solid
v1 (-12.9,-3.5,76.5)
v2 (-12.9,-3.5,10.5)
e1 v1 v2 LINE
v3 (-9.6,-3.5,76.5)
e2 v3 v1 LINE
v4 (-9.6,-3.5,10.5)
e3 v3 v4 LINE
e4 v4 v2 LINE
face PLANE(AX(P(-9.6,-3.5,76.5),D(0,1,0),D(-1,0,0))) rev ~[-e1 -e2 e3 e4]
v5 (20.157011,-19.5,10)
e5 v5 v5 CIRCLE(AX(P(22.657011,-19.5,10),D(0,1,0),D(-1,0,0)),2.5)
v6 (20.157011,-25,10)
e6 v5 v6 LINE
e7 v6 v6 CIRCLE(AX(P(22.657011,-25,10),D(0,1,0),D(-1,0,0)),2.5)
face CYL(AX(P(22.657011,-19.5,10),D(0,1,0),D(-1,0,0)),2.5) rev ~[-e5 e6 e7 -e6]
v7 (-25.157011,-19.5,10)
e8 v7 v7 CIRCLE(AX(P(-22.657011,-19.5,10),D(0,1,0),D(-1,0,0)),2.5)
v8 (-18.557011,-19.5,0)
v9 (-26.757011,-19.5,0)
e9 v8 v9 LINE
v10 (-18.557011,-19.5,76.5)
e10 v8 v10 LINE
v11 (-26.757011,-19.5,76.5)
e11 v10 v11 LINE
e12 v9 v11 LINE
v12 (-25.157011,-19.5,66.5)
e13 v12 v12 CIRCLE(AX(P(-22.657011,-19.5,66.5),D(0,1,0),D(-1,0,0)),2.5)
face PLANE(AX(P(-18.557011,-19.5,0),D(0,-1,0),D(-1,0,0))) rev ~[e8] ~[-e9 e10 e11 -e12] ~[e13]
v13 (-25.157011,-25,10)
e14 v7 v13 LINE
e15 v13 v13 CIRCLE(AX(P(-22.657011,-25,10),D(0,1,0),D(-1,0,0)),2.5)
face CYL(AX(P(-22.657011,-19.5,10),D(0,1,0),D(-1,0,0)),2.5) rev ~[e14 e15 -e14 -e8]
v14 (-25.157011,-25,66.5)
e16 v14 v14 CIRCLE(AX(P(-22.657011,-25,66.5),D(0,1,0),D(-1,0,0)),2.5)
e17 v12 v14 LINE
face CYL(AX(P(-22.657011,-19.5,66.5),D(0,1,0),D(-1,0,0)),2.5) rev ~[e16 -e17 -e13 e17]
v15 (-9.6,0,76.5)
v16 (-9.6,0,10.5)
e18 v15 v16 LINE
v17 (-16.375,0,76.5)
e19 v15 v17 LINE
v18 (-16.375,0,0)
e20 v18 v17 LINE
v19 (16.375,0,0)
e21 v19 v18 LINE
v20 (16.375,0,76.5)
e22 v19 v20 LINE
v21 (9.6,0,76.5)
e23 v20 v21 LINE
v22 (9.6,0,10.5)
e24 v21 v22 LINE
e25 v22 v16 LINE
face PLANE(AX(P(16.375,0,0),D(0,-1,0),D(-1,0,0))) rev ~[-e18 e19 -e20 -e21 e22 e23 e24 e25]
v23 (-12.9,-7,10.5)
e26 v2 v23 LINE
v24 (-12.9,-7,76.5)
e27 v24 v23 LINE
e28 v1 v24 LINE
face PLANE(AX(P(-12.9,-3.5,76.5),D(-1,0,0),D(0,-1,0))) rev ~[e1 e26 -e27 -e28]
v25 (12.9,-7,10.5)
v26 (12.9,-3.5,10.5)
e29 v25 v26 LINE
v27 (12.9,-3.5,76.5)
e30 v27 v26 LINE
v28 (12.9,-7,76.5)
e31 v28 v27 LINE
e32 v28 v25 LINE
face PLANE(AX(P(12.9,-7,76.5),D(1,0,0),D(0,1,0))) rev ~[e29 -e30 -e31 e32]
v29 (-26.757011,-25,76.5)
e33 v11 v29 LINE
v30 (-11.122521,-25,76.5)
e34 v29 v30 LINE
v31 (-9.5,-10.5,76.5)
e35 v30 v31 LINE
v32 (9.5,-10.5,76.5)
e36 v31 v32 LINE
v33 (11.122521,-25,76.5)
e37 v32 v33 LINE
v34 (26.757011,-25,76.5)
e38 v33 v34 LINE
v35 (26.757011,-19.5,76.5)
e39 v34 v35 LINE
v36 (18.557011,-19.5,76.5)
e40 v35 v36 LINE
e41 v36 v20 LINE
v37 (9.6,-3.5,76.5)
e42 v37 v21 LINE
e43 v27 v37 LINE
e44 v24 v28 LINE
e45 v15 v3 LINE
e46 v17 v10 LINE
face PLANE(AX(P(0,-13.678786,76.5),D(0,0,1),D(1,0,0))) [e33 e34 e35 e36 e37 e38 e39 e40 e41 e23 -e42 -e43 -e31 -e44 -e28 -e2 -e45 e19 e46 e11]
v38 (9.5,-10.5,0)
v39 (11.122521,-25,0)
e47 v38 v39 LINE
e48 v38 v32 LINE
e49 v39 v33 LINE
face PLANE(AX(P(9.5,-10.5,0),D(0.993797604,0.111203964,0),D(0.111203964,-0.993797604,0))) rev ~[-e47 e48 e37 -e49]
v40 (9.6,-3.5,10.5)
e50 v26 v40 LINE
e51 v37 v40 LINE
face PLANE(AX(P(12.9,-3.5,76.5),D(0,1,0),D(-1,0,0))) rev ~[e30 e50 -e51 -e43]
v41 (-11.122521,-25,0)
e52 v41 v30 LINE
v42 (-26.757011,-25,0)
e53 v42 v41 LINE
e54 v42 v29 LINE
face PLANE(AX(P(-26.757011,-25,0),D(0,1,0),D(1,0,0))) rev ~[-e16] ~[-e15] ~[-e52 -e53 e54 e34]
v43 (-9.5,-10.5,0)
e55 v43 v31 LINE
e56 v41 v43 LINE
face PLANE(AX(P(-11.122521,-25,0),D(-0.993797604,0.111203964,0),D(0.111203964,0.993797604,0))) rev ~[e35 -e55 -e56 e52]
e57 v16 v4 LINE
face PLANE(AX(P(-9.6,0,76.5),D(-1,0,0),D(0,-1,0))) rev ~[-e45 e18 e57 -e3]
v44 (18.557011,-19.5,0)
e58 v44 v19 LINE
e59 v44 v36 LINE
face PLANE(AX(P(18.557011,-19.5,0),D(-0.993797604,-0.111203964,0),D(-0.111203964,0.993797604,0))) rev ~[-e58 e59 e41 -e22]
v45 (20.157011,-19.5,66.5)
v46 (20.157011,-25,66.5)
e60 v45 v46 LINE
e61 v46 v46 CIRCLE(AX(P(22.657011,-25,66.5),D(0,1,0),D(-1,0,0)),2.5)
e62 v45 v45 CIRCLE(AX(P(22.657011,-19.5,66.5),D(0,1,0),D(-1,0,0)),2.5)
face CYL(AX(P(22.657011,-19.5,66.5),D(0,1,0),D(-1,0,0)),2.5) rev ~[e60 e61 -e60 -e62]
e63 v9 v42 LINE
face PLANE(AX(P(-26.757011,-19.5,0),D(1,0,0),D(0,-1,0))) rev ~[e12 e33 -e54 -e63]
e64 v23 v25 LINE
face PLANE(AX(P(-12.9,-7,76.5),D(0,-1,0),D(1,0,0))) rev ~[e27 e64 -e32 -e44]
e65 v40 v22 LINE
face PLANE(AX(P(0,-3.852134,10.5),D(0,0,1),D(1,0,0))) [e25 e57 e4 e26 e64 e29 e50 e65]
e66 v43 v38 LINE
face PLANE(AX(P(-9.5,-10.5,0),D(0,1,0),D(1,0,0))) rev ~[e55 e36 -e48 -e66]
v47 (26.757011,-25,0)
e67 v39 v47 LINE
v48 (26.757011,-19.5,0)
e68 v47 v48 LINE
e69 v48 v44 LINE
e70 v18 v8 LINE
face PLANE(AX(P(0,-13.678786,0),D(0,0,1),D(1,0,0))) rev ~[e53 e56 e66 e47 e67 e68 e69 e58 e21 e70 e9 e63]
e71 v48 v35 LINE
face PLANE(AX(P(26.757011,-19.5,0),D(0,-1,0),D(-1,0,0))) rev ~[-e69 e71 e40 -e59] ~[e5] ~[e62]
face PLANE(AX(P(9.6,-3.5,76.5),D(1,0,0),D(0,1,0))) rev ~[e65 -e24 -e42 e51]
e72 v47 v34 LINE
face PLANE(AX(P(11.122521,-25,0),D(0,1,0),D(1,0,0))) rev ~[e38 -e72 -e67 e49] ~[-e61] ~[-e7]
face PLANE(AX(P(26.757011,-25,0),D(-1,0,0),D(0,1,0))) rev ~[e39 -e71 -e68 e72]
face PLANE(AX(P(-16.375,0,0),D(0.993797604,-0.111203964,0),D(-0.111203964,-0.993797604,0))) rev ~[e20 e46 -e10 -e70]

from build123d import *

# Parameters (mm, degrees)
F1_DEPTH = 76.5
F3_DEPTH = 66
F4_R     = 2.5
F5_DEPTH = 5.501


with BuildPart() as f1:
    # F0 (on Top) → F1 (new body)
    with BuildSketch(Plane.XY):
        Polygon((18.557011, -19.5), (16.375, 0), (0, 0), (-16.375, 0), (-18.557011, -19.5), (-26.757011, -19.5), (-26.757011, -25), (-11.122521, -25), (-9.5, -10.5), (0, -10.5), (9.5, -10.5), (11.122521, -25), (26.757011, -25), (26.757011, -19.5), align=None)
    extrude(amount=F1_DEPTH)

    # F2 (on face) → F3 (cut)
    with BuildSketch(Plane.XY.offset(76.5)):
        Polygon((9.6, 0), (-9.6, 0), (-9.6, -3.5), (-12.9, -3.5), (-12.9, -7), (12.9, -7), (12.9, -3.5), (9.6, -3.5), align=None)
    extrude(amount=-F3_DEPTH, mode=Mode.SUBTRACT)

    # F4 (on face) → F5 (cut, through all)
    with BuildSketch(Plane(origin=(0, -19.5, 0), x_dir=(-1, 0, 0), z_dir=(0, 1, 0))):
        with Locations((22.657011, 10)):
            Circle(F4_R)
        with Locations((22.657011, 66.5)):
            Circle(F4_R)
        with Locations((-22.657011, 10)):
            Circle(F4_R)
        with Locations((-22.657011, 66.5)):
            Circle(F4_R)
    extrude(amount=-F5_DEPTH, mode=Mode.SUBTRACT)


solid = f1.part
